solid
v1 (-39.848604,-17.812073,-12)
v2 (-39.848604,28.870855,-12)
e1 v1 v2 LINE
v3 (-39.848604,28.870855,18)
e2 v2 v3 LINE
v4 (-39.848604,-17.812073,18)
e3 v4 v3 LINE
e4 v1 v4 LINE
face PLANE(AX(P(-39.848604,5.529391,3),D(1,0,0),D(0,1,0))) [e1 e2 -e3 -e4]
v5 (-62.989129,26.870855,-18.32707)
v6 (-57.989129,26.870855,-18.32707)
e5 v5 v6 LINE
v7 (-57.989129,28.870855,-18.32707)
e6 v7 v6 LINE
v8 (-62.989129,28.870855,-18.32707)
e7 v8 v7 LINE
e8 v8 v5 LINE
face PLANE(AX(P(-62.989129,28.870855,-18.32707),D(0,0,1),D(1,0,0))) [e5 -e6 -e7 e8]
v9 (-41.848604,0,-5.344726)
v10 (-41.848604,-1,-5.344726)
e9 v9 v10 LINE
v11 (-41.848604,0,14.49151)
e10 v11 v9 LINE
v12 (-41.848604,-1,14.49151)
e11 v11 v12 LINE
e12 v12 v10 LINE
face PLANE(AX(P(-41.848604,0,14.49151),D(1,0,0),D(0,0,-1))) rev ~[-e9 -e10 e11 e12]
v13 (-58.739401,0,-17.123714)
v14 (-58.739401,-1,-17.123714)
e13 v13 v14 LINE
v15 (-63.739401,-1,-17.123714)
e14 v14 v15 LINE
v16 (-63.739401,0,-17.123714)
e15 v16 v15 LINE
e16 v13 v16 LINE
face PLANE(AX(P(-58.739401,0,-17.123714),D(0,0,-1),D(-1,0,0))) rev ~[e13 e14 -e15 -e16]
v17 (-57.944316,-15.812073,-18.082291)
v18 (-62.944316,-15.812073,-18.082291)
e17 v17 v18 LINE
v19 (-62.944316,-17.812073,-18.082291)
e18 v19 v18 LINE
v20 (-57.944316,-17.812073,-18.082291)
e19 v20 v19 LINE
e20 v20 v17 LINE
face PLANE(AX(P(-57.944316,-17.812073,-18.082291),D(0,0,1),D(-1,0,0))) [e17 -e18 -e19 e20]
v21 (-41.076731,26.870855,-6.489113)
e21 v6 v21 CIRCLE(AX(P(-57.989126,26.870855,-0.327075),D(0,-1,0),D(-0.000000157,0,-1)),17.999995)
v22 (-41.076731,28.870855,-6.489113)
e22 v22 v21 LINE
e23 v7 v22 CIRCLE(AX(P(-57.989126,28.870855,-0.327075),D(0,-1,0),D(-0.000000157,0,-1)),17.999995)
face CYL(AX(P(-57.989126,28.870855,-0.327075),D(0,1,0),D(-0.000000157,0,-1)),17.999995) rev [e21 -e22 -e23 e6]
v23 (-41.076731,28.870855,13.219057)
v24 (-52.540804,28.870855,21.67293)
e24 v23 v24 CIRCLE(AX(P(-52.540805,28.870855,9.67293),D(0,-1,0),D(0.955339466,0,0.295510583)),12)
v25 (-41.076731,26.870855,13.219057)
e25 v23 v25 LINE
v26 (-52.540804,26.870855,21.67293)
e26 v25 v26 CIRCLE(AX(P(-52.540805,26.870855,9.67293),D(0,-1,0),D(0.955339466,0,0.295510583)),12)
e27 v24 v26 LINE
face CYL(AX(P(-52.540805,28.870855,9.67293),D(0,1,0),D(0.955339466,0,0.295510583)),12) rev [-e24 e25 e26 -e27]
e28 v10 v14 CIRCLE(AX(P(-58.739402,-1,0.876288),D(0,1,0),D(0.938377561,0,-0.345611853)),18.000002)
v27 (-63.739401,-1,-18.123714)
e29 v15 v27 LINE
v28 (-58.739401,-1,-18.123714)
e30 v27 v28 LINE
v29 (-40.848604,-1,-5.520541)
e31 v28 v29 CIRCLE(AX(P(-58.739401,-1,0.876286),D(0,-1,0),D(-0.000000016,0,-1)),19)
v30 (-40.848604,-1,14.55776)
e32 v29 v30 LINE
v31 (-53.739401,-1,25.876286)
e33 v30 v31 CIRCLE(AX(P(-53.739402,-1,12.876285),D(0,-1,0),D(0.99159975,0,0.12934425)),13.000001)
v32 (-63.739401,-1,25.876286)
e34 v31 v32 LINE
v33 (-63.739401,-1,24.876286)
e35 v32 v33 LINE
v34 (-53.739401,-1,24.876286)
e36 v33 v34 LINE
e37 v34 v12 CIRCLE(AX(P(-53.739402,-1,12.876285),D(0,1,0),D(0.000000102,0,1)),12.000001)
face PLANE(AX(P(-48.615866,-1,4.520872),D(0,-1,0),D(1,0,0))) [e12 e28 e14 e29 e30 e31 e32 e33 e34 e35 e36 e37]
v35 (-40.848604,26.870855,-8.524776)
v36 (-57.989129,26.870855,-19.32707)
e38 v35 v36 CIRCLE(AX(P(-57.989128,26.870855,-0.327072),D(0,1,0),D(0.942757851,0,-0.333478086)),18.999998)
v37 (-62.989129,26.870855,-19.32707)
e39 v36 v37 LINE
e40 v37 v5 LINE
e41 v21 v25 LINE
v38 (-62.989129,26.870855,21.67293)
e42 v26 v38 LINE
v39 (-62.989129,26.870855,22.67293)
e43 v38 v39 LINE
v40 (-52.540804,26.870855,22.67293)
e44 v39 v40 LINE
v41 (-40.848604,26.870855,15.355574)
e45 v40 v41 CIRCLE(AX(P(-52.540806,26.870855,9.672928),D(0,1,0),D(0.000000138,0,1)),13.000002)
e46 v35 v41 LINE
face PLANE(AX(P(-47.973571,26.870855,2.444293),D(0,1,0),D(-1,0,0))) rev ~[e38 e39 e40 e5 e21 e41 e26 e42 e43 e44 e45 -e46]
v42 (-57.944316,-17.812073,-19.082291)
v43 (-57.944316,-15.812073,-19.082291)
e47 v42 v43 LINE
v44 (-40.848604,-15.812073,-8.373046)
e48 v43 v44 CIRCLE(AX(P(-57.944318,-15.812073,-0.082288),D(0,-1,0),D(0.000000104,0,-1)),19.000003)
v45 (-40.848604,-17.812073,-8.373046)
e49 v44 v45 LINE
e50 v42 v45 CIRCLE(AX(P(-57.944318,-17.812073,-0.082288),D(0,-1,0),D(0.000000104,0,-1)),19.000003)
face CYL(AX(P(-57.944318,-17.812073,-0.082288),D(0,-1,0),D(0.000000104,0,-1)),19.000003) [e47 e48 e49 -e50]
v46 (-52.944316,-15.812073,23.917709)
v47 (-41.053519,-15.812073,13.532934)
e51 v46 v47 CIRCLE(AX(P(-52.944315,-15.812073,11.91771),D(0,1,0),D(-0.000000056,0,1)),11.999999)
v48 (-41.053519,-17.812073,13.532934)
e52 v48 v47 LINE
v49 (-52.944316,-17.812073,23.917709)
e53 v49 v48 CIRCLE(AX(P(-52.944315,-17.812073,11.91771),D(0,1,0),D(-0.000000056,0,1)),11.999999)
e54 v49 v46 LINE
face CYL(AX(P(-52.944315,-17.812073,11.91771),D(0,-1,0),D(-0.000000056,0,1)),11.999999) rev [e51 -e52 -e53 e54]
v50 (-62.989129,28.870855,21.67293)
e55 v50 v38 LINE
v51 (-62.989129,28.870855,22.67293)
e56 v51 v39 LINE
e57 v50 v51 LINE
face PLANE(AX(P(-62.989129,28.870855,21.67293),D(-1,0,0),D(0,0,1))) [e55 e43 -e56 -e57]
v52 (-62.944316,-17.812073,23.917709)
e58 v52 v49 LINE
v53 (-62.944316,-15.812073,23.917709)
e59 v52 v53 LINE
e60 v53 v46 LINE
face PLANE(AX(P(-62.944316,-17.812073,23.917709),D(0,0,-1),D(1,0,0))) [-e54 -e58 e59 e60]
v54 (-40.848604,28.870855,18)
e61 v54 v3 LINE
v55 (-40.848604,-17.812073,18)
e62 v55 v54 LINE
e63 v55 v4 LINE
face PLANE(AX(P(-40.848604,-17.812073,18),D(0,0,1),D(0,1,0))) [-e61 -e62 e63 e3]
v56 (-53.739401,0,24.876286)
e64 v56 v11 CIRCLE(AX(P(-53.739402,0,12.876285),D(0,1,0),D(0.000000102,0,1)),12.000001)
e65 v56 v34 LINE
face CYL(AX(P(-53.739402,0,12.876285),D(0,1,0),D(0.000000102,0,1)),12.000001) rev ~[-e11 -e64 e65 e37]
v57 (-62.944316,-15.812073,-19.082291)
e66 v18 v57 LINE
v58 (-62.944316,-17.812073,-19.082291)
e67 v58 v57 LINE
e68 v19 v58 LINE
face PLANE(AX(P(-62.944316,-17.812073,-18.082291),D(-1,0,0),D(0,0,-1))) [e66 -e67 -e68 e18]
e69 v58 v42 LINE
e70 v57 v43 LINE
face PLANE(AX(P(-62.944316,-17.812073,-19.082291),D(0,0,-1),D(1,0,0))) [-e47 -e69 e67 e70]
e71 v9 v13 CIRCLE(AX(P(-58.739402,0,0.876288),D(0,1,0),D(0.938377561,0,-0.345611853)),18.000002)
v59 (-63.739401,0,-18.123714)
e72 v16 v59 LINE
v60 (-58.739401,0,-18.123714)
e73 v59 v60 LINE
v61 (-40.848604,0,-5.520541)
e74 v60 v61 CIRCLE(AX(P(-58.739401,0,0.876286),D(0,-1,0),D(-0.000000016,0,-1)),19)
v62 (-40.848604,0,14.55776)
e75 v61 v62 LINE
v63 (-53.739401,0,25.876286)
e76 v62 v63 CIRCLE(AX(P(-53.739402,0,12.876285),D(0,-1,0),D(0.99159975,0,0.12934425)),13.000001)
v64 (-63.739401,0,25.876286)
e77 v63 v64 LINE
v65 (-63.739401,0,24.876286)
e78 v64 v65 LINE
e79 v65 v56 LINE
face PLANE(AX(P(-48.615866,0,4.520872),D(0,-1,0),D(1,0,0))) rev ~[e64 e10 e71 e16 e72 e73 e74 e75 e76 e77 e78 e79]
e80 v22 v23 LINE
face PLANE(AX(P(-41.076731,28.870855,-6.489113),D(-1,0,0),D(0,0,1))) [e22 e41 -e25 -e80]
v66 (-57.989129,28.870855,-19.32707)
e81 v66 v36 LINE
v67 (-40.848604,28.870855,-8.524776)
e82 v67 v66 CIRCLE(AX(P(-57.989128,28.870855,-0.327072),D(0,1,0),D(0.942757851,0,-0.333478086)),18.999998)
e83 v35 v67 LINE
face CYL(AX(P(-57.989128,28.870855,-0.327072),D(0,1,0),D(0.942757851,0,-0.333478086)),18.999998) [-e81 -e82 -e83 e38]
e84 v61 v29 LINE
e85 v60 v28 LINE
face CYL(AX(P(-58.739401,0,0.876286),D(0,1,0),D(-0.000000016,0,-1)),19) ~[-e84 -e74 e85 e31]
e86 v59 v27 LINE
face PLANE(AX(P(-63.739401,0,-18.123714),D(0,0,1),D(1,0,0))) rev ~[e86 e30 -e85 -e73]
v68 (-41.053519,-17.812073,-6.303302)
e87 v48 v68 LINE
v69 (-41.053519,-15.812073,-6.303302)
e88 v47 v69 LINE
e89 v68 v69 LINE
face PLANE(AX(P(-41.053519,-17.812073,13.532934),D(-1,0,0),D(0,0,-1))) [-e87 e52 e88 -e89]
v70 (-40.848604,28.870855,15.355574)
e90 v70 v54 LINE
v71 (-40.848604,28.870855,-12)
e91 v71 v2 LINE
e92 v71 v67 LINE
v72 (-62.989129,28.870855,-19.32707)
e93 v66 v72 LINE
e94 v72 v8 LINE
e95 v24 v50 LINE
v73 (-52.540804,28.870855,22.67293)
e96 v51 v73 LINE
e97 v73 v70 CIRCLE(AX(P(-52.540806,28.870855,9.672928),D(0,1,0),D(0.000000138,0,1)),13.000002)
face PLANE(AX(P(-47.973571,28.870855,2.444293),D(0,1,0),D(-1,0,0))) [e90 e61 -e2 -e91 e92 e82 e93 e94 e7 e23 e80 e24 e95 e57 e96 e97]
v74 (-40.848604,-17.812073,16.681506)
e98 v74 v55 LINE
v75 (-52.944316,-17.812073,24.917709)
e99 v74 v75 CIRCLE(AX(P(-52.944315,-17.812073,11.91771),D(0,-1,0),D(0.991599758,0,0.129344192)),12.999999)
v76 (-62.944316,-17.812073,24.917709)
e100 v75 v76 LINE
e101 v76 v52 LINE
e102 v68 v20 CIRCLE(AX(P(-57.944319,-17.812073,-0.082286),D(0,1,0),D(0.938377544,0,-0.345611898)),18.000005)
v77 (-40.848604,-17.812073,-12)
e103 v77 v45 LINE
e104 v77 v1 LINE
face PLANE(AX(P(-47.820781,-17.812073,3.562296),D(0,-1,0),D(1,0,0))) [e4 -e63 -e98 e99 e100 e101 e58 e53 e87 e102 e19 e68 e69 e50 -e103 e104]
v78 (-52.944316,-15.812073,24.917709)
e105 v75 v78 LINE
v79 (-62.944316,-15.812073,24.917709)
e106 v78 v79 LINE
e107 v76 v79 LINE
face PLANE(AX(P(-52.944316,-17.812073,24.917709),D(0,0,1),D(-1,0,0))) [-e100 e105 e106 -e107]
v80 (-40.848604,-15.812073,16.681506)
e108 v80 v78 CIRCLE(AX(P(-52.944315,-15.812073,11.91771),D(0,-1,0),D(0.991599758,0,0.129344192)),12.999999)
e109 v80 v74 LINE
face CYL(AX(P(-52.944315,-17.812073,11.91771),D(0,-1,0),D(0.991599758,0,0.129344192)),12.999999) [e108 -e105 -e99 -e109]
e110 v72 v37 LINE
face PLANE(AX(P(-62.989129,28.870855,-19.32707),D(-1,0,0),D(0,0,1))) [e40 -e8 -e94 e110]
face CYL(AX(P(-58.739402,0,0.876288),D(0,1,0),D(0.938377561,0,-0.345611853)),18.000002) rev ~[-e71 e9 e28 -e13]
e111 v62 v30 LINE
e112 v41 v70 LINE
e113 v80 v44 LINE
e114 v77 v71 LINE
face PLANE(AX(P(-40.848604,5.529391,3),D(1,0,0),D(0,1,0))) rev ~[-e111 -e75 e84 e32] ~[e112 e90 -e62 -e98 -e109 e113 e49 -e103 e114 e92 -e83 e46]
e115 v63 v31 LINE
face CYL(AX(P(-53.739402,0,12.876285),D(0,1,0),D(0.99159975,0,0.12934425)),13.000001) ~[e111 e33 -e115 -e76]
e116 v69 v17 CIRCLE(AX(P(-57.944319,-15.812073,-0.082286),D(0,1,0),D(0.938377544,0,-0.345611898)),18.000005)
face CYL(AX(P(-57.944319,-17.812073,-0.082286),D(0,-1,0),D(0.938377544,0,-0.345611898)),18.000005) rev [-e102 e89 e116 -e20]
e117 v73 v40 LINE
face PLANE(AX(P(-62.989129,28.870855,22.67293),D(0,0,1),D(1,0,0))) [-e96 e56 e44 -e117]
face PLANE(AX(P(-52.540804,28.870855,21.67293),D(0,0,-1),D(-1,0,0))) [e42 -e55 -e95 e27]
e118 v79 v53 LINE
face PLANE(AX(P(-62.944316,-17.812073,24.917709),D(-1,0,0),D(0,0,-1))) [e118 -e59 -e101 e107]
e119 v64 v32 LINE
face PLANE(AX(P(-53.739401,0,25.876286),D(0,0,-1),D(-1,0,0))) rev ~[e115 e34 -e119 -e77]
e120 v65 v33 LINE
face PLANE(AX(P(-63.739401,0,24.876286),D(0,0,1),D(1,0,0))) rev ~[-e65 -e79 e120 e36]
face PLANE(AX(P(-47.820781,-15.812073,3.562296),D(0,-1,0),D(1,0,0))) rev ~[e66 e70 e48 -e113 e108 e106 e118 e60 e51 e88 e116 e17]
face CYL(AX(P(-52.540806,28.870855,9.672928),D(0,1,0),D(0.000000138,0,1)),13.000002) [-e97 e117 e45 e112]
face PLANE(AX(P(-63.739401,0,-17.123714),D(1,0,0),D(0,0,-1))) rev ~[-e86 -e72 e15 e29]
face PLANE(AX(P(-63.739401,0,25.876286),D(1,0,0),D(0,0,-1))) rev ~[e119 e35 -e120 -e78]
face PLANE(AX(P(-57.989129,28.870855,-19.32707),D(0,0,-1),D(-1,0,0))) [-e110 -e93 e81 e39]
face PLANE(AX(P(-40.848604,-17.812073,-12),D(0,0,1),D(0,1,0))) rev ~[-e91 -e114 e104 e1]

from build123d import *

# Parameters (mm, degrees)
F1_DEPTH = 1
F2_W     = 46.682928
F2_H     = 30
F3_DEPTH = 1
F5_DEPTH = 2
F7_DEPTH = 2


with BuildPart() as f1:
    # F0 (on Front) → F1 (new body)
    with BuildSketch(Plane.XZ):
        with BuildLine():
            Line((-63.739401, 25.876286), (-63.739401, 24.876286))
            Line((-63.739401, 24.876286), (-53.739401, 24.876286))
            ThreePointArc((-53.739401, 24.876286), (-45.845818, 21.914612), (-41.848604, 14.49151))
            Line((-41.848604, 14.49151), (-41.848604, -5.344726))
            ThreePointArc((-41.848604, -5.344726), (-48.443242, -13.888168), (-58.739401, -17.123714))
            Line((-58.739401, -17.123714), (-63.739401, -17.123714))
            Line((-63.739401, -17.123714), (-63.739401, -18.123714))
            Line((-63.739401, -18.123714), (-58.739401, -18.123714))
            ThreePointArc((-58.739401, -18.123714), (-47.797274, -14.656578), (-40.848604, -5.520541))
            Line((-40.848604, -5.520541), (-40.848604, 14.55776))
            ThreePointArc((-40.848604, 14.55776), (-45.162081, 22.645092), (-53.739401, 25.876286))
            Line((-53.739401, 25.876286), (-63.739401, 25.876286))
        make_face()
    extrude(amount=F1_DEPTH)

    # F2 (on face) → F3 (join)
    with BuildSketch(Plane.YZ.offset(-40.848604)):
        with Locations((5.529391, 3)):
            Rectangle(F2_W, F2_H)
    extrude(amount=F3_DEPTH)

    # F4 (on face) → F5 (join)
    with BuildSketch(Plane(origin=(0, 28.870855, 0), x_dir=(-1, 0, 0), z_dir=(0, 1, 0))):
        with BuildLine():
            Line((62.989129, 21.67293), (62.989129, 22.67293))
            Line((62.989129, 22.67293), (52.540804, 22.67293))
            ThreePointArc((52.540804, 22.67293), (44.763407, 20.089843), (40.076731, 13.367097))
            Line((40.076731, 13.367097), (40.076731, -6.663155))
            ThreePointArc((40.076731, -6.663155), (47.020666, -15.841348), (57.989129, -19.32707))
            Line((57.989129, -19.32707), (62.989129, -19.32707))
            Line((62.989129, -19.32707), (62.989129, -18.32707))
            Line((62.989129, -18.32707), (57.989129, -18.32707))
            ThreePointArc((57.989129, -18.32707), (47.667229, -15.073541), (41.076731, -6.489113))
            Line((41.076731, -6.489113), (41.076731, 13.219057))
            ThreePointArc((41.076731, 13.219057), (45.418779, 19.330919), (52.540804, 21.67293))
            Line((52.540804, 21.67293), (62.989129, 21.67293))
        make_face()
    extrude(amount=-F5_DEPTH)

    # F6 (on face) → F7 (join)
    with BuildSketch(Plane.XZ.offset(17.812073)):
        with BuildLine():
            Line((-62.944316, 24.917709), (-62.944316, 23.917709))
            Line((-62.944316, 23.917709), (-52.944316, 23.917709))
            ThreePointArc((-52.944316, 23.917709), (-45.050733, 20.956036), (-41.053519, 13.532934))
            Line((-41.053519, 13.532934), (-41.053519, -6.303302))
            ThreePointArc((-41.053519, -6.303302), (-47.648157, -14.846744), (-57.944316, -18.082291))
            Line((-57.944316, -18.082291), (-62.944316, -18.082291))
            Line((-62.944316, -18.082291), (-62.944316, -19.082291))
            Line((-62.944316, -19.082291), (-57.944316, -19.082291))
            ThreePointArc((-57.944316, -19.082291), (-47.002189, -15.615154), (-40.053519, -6.479117))
            Line((-40.053519, -6.479117), (-40.053519, 13.599184))
            ThreePointArc((-40.053519, 13.599184), (-44.366996, 21.686516), (-52.944316, 24.917709))
            Line((-52.944316, 24.917709), (-62.944316, 24.917709))
        make_face()
    extrude(amount=-F7_DEPTH)


solid = f1.part
